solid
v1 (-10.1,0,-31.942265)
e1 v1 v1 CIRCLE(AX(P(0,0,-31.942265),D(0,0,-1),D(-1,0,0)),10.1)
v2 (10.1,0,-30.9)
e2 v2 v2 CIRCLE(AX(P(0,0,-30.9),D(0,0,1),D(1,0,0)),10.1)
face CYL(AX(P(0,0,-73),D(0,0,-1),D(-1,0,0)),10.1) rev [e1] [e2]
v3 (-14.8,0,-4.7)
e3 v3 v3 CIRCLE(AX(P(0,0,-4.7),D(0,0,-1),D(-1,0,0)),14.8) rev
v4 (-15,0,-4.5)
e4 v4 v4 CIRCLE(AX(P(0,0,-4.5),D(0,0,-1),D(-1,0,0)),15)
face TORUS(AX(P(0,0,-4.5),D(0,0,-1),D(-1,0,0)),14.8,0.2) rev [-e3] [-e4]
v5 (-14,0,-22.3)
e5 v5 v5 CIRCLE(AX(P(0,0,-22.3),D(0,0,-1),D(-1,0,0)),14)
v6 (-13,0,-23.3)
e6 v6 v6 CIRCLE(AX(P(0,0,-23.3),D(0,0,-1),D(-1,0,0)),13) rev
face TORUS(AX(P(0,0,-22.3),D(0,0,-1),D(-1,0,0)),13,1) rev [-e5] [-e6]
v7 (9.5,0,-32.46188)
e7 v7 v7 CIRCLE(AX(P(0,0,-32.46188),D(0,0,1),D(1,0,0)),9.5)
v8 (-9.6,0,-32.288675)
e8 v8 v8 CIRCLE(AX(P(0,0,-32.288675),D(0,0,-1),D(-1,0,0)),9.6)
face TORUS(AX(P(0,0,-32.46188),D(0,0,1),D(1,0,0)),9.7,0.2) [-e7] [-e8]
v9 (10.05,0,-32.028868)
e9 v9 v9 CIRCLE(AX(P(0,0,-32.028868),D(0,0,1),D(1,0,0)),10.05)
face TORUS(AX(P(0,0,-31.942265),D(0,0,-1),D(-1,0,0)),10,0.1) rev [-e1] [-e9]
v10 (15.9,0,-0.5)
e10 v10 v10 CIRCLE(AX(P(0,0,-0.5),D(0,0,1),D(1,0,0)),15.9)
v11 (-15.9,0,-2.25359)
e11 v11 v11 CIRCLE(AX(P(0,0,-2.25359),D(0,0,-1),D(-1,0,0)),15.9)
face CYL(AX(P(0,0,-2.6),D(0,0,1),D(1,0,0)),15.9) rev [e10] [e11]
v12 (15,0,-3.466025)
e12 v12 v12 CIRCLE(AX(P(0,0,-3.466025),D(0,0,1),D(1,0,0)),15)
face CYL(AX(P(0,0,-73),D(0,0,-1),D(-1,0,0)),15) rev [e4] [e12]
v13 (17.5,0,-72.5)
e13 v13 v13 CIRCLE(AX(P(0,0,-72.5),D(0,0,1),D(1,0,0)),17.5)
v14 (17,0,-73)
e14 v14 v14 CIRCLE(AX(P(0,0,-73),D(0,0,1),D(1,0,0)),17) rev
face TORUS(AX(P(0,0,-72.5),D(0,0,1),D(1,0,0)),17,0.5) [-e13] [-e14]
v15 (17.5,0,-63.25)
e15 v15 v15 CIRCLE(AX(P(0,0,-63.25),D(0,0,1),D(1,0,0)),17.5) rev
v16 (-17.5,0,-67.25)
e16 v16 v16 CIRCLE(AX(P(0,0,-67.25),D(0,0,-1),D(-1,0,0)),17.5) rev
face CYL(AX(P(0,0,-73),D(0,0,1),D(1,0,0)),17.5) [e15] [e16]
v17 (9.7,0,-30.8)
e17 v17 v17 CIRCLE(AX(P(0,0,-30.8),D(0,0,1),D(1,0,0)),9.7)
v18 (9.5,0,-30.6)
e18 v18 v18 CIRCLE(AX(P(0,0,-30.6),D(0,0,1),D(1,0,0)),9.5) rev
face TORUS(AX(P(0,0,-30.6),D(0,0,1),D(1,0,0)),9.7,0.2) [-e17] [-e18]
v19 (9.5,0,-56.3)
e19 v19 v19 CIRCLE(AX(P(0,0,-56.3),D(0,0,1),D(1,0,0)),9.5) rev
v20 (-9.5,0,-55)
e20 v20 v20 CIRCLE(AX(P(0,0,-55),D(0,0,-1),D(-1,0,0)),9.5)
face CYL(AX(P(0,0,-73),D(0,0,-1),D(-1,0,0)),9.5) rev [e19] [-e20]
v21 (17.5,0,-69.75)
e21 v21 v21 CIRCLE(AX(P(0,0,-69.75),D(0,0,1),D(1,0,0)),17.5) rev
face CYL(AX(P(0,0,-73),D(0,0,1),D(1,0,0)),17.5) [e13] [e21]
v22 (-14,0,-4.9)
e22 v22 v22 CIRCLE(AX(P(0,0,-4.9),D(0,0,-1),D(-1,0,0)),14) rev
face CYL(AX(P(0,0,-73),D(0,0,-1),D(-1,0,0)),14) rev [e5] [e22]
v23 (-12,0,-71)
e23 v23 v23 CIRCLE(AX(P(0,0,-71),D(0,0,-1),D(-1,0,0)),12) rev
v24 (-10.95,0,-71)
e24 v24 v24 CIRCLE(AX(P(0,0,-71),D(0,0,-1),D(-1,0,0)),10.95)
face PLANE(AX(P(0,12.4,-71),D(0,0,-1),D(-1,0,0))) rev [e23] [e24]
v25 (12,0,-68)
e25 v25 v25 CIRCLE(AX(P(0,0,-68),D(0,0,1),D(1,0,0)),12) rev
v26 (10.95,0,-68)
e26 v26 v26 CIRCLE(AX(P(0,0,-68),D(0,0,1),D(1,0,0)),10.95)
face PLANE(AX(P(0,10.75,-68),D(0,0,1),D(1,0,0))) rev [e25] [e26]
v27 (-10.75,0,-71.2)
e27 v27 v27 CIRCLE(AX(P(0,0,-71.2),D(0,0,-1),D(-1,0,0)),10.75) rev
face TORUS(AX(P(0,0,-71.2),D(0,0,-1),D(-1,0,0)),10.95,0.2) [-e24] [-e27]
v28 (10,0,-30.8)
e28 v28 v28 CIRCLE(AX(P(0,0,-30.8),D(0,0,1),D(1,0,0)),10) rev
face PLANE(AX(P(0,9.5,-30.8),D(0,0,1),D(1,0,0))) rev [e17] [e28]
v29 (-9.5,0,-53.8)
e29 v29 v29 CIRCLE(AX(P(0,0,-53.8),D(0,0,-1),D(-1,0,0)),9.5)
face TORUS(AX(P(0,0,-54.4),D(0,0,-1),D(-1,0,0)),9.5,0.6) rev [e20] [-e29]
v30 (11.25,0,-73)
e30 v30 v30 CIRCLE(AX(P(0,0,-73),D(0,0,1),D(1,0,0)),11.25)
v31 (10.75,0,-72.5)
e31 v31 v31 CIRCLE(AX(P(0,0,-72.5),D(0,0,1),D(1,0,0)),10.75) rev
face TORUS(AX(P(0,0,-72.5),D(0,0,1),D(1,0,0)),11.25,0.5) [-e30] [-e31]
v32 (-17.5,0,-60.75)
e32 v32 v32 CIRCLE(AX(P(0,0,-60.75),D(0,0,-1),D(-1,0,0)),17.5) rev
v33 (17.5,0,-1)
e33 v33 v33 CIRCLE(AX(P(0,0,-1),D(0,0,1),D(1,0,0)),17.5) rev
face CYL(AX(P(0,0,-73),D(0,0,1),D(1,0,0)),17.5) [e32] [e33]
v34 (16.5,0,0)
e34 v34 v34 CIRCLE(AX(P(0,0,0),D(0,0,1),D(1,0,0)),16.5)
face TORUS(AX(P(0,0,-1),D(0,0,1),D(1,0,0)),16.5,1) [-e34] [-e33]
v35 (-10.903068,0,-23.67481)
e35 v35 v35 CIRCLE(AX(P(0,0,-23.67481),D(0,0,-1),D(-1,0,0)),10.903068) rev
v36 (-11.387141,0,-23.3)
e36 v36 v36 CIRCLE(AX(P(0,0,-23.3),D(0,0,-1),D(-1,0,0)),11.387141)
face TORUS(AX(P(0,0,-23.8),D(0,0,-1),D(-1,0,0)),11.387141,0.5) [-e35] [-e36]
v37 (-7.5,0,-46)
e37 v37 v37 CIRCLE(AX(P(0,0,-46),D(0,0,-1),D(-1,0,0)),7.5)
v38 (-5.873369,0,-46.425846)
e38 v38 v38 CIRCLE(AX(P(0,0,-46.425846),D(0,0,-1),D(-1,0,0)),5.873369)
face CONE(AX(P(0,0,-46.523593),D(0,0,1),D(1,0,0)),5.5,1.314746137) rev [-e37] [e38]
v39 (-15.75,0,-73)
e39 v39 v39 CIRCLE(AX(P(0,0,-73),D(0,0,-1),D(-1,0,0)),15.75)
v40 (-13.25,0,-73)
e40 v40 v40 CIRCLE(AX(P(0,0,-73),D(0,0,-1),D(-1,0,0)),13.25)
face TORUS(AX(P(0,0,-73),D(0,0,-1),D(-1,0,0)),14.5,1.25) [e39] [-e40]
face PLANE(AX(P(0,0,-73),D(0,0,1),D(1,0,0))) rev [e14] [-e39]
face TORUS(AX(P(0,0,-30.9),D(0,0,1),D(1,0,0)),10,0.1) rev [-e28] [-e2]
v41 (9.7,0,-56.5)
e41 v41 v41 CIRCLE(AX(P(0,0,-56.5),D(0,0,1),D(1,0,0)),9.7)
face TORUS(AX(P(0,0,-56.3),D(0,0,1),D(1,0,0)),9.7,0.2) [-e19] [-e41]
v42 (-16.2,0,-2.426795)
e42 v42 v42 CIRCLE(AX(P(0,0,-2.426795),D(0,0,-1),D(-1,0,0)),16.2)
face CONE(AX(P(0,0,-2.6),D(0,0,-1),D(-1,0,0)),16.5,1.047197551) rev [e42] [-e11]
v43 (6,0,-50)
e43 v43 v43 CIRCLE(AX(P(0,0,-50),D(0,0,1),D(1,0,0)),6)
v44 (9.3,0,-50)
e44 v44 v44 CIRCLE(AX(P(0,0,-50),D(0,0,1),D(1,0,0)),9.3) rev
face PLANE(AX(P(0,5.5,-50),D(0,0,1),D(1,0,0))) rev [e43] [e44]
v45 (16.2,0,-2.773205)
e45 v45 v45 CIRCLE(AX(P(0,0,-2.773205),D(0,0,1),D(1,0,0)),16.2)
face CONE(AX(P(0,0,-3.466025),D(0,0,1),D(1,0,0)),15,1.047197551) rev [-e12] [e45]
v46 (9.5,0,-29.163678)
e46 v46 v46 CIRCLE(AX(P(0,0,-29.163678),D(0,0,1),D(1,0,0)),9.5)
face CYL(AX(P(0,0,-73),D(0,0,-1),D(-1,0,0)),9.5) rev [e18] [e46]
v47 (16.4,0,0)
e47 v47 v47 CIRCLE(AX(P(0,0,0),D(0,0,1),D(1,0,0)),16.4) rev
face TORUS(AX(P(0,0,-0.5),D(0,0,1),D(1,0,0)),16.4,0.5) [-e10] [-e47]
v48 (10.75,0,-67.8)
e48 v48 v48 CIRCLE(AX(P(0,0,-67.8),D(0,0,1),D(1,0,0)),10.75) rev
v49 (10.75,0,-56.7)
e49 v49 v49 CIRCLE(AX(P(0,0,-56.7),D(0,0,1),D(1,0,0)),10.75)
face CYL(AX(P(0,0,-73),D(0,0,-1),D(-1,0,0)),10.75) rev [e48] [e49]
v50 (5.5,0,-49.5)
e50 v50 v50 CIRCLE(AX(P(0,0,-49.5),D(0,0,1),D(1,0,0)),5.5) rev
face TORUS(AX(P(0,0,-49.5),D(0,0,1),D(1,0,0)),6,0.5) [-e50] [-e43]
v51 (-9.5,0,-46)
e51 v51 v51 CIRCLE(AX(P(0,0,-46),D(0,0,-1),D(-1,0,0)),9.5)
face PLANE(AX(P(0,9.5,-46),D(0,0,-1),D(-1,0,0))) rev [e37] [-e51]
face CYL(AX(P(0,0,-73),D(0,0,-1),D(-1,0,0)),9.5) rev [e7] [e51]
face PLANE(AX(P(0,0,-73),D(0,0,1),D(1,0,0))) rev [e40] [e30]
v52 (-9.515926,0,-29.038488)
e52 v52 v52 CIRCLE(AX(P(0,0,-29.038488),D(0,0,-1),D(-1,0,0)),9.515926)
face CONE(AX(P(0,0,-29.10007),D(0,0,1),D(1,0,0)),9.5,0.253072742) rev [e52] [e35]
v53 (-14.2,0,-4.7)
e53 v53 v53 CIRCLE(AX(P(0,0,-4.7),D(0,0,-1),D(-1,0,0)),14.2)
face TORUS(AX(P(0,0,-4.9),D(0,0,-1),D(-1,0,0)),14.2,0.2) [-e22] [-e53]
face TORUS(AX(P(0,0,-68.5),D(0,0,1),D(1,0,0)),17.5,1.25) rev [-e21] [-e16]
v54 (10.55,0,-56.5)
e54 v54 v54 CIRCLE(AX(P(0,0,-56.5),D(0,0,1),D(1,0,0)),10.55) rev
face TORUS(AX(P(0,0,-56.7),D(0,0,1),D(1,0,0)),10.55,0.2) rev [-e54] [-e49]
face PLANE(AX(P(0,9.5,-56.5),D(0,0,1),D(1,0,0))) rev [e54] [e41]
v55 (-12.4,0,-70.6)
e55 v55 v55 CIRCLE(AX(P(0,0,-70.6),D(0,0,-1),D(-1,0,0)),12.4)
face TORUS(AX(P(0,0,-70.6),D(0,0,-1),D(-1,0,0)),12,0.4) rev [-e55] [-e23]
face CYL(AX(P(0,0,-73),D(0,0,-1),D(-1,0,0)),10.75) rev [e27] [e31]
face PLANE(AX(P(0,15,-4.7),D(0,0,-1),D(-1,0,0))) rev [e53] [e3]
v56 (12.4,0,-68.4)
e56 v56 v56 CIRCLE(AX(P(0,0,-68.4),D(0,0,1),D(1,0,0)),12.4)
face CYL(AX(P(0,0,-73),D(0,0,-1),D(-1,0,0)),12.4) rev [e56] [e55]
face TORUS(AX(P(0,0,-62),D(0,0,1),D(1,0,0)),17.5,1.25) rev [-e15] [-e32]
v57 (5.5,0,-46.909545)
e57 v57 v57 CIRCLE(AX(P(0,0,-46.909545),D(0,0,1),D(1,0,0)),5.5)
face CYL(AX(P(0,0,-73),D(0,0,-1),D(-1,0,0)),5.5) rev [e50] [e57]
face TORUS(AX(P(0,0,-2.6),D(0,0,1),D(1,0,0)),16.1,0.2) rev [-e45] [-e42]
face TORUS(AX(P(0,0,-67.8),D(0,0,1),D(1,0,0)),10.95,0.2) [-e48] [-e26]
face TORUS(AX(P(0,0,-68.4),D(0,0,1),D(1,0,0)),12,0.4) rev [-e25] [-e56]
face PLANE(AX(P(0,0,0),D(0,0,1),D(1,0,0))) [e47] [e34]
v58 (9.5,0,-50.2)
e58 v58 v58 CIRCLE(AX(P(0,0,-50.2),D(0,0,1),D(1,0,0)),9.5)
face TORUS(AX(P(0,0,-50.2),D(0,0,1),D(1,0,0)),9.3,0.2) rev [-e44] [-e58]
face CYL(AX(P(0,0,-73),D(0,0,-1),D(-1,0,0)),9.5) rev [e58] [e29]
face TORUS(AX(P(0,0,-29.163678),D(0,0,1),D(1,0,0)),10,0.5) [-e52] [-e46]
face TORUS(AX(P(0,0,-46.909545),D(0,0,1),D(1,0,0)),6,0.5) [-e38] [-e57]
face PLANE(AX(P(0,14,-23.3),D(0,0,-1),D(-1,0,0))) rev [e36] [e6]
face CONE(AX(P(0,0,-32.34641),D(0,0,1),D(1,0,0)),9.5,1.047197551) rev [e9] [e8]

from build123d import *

# Parameters (mm, degrees)
SKETCH_1_R          = 17.5
EXTRUDE_1_DEPTH     = 73
FILLET_1_R          = 0.2
FILLET_2_R          = 1
CUT_EXTRUDE_START   = -2.6
SKETCH_6_R          = 15.9
SKETCH_6_R_2        = 14
CUT_EXTRUDE_1_DEPTH = 2.6
FILLET_3_R          = 0.5
FILLET_4_R          = 0.1
FILLET_5_R          = 0.2
FILLET_6_R          = 0.4
FILLET_7_R          = 0.2
SKETCH_8_R          = 1.25
FILLET_10_R         = 0.2
FILLET_11_R         = 0.5


with BuildPart() as part:
    # Эскиз1 → Бобышка-Вытянуть1 (new body)
    with BuildSketch(Plane.XY):
        Circle(SKETCH_1_R)
    extrude(amount=-EXTRUDE_1_DEPTH)

    # Эскиз4 → Вырез-Повернуть1 (revolve, cut)
    with BuildSketch(Plane(origin=(0, 0, 0), x_dir=(0, 0, -1), z_dir=(1, 0, 0)), mode=Mode.PRIVATE) as cut_revolve_1_sk:
        with BuildLine():
            Line((0, 0), (0, 15))
            Line((0, 15), (4.7, 15))
            Line((4.7, 15), (4.7, 14))
            Line((4.7, 14), (23.3, 14))
            Line((23.3, 14), (23.3, 11))
            Line((23.3, 11), (29.100069642, 9.5))
            Line((29.100069642, 9.5), (30.8, 9.5))
            Line((30.8, 9.5), (30.8, 10.1))
            Line((30.8, 10.1), (32, 10.1))
            Line((32, 10.1), (32.346410162, 9.5))
            Line((32.346410162, 9.5), (46, 9.5))
            Line((46, 9.5), (46, 7.5))
            Line((46, 7.5), (46.523593261, 5.5))
            Line((46.523593261, 5.5), (50, 5.5))
            Line((50, 5.5), (50, 9.5))
            Line((50, 9.5), (53.8, 9.5))
            ThreePointArc((53.8, 9.5), (54.4, 10.1), (55, 9.5))
            Line((55, 9.5), (56.5, 9.5))
            Line((56.5, 9.5), (56.5, 10.75))
            Line((56.5, 10.75), (68, 10.75))
            Line((68, 10.75), (68, 12.4))
            Line((68, 12.4), (71, 12.4))
            Line((71, 12.4), (71, 10.75))
            Line((71, 10.75), (73, 10.75))
            Line((73, 10.75), (73, 0))
            Line((73, 0), (0, 0))
        make_face()
    revolve(cut_revolve_1_sk.sketch.rotate(Axis((0, 0, -73), (0, 0, 1)), 90), axis=Axis((0, 0, -73), (0, 0, 1)), mode=Mode.SUBTRACT)

    # Эскиз5 → Вырез-Повернуть2 (revolve, cut)
    with BuildSketch(Plane(origin=(0, 0, 0), x_dir=(0, 0, -1), z_dir=(1, 0, 0)), mode=Mode.PRIVATE) as cut_revolve_2_sk:
        Polygon((3.466025404, 15), (1.733974596, 15), (2.6, 16.5), align=None)
    revolve(cut_revolve_2_sk.sketch.rotate(Axis((0, 0, 0), (0, 0, -1)), 270), axis=Axis((0, 0, 0), (0, 0, -1)), mode=Mode.SUBTRACT)

    # Скругление1
    fillet_1_edges = [part.edges().sort_by_distance(p)[0] for p in [
        (16.5, 0, -2.6),
        (15, 0, -4.7),
    ]]
    fillet(fillet_1_edges, radius=FILLET_1_R)

    # Скругление2
    fillet_2_edges = [part.edges().sort_by_distance(p)[0] for p in [
        (-17.5, 0, 0),
        (14, 0, -23.3),
    ]]
    fillet(fillet_2_edges, radius=FILLET_2_R)

    # Эскиз6 → Вырез-Вытянуть1 (cut)
    with BuildSketch(Plane.XY.offset(CUT_EXTRUDE_START)):
        Circle(SKETCH_6_R)
        with Locations(Location((0, 0, 0), (0, 0, 180))):
            Circle(SKETCH_6_R_2, mode=Mode.SUBTRACT)
    extrude(amount=CUT_EXTRUDE_1_DEPTH, mode=Mode.SUBTRACT)

    # Скругление3
    fillet_3_edges = [part.edges().sort_by_distance(p)[0] for p in [
        (-17.5, 0, -73),
        (11, 0, -23.3),
        (9.5, 0, -29.100069642),
        (5.5, 0, -46.523593261),
        (5.5, 0, -50),
        (10.75, 0, -73),
    ]]
    fillet(fillet_3_edges, radius=FILLET_3_R)

    # Скругление4
    fillet_4_edges = [part.edges().sort_by_distance(p)[0] for p in [
        (10.1, 0, -30.8),
        (10.1, 0, -32),
    ]]
    fillet(fillet_4_edges, radius=FILLET_4_R)

    # Скругление5
    fillet_5_edges = [part.edges().sort_by_distance(p)[0] for p in [
        (9.5, 0, -30.8),
        (9.5, 0, -32.346410162),
        (10.75, 0, -68),
        (10.75, 0, -71),
    ]]
    fillet(fillet_5_edges, radius=FILLET_5_R)

    # Скругление6
    fillet_6_edges = [part.edges().sort_by_distance(p)[0] for p in [
        (12.4, 0, -68),
        (12.4, 0, -71),
    ]]
    fillet(fillet_6_edges, radius=FILLET_6_R)

    # Скругление7
    fillet_7_edges = [part.edges().sort_by_distance(p)[0] for p in [
        (14, 0, -4.7),
        (9.5, 0, -56.5),
        (10.75, 0, -56.5),
    ]]
    fillet(fillet_7_edges, radius=FILLET_7_R)

    # Эскиз7 → Повернуть1 (revolve)
    with BuildSketch(Plane(origin=(0, 0, 0), x_dir=(1, 0, 0), z_dir=(0, 1, 0)), mode=Mode.PRIVATE) as revolve_1_sk:
        with BuildLine():
            Line((-15.75, 73), (-13.25, 73))
            ThreePointArc((-13.25, 73), (-14.5, 74.25), (-15.75, 73))
        make_face()
    revolve(revolve_1_sk.sketch.rotate(Axis((0, 0, -88.958875933), (0, 0, 1)), 180), axis=Axis((0, 0, -88.958875933), (0, 0, 1)))

    # Эскиз8 → Вырез-Повернуть3 (revolve, cut)
    with BuildSketch(Plane(origin=(0, 0, 0), x_dir=(0, 0, -1), z_dir=(1, 0, 0)), mode=Mode.PRIVATE) as cut_revolve_3_sk:
        with Locations((68.5, 17.5)):
            Circle(SKETCH_8_R)
        with Locations((62, 17.5)):
            Circle(SKETCH_8_R)
    revolve(cut_revolve_3_sk.sketch.rotate(Axis((0, 0, 0), (0, 0, -1)), 90), axis=Axis((0, 0, 0), (0, 0, -1)), mode=Mode.SUBTRACT)

    # Скругление10
    fillet_10_edges = [part.edges().sort_by_distance(p)[0] for p in [
        (9.5, 0, -50),
    ]]
    fillet(fillet_10_edges, radius=FILLET_10_R)

    # Скругление11
    fillet_11_edges = [part.edges().sort_by_distance(p)[0] for p in [
        (-15.9, 0, 0),
    ]]
    fillet(fillet_11_edges, radius=FILLET_11_R)


solid = part.part
